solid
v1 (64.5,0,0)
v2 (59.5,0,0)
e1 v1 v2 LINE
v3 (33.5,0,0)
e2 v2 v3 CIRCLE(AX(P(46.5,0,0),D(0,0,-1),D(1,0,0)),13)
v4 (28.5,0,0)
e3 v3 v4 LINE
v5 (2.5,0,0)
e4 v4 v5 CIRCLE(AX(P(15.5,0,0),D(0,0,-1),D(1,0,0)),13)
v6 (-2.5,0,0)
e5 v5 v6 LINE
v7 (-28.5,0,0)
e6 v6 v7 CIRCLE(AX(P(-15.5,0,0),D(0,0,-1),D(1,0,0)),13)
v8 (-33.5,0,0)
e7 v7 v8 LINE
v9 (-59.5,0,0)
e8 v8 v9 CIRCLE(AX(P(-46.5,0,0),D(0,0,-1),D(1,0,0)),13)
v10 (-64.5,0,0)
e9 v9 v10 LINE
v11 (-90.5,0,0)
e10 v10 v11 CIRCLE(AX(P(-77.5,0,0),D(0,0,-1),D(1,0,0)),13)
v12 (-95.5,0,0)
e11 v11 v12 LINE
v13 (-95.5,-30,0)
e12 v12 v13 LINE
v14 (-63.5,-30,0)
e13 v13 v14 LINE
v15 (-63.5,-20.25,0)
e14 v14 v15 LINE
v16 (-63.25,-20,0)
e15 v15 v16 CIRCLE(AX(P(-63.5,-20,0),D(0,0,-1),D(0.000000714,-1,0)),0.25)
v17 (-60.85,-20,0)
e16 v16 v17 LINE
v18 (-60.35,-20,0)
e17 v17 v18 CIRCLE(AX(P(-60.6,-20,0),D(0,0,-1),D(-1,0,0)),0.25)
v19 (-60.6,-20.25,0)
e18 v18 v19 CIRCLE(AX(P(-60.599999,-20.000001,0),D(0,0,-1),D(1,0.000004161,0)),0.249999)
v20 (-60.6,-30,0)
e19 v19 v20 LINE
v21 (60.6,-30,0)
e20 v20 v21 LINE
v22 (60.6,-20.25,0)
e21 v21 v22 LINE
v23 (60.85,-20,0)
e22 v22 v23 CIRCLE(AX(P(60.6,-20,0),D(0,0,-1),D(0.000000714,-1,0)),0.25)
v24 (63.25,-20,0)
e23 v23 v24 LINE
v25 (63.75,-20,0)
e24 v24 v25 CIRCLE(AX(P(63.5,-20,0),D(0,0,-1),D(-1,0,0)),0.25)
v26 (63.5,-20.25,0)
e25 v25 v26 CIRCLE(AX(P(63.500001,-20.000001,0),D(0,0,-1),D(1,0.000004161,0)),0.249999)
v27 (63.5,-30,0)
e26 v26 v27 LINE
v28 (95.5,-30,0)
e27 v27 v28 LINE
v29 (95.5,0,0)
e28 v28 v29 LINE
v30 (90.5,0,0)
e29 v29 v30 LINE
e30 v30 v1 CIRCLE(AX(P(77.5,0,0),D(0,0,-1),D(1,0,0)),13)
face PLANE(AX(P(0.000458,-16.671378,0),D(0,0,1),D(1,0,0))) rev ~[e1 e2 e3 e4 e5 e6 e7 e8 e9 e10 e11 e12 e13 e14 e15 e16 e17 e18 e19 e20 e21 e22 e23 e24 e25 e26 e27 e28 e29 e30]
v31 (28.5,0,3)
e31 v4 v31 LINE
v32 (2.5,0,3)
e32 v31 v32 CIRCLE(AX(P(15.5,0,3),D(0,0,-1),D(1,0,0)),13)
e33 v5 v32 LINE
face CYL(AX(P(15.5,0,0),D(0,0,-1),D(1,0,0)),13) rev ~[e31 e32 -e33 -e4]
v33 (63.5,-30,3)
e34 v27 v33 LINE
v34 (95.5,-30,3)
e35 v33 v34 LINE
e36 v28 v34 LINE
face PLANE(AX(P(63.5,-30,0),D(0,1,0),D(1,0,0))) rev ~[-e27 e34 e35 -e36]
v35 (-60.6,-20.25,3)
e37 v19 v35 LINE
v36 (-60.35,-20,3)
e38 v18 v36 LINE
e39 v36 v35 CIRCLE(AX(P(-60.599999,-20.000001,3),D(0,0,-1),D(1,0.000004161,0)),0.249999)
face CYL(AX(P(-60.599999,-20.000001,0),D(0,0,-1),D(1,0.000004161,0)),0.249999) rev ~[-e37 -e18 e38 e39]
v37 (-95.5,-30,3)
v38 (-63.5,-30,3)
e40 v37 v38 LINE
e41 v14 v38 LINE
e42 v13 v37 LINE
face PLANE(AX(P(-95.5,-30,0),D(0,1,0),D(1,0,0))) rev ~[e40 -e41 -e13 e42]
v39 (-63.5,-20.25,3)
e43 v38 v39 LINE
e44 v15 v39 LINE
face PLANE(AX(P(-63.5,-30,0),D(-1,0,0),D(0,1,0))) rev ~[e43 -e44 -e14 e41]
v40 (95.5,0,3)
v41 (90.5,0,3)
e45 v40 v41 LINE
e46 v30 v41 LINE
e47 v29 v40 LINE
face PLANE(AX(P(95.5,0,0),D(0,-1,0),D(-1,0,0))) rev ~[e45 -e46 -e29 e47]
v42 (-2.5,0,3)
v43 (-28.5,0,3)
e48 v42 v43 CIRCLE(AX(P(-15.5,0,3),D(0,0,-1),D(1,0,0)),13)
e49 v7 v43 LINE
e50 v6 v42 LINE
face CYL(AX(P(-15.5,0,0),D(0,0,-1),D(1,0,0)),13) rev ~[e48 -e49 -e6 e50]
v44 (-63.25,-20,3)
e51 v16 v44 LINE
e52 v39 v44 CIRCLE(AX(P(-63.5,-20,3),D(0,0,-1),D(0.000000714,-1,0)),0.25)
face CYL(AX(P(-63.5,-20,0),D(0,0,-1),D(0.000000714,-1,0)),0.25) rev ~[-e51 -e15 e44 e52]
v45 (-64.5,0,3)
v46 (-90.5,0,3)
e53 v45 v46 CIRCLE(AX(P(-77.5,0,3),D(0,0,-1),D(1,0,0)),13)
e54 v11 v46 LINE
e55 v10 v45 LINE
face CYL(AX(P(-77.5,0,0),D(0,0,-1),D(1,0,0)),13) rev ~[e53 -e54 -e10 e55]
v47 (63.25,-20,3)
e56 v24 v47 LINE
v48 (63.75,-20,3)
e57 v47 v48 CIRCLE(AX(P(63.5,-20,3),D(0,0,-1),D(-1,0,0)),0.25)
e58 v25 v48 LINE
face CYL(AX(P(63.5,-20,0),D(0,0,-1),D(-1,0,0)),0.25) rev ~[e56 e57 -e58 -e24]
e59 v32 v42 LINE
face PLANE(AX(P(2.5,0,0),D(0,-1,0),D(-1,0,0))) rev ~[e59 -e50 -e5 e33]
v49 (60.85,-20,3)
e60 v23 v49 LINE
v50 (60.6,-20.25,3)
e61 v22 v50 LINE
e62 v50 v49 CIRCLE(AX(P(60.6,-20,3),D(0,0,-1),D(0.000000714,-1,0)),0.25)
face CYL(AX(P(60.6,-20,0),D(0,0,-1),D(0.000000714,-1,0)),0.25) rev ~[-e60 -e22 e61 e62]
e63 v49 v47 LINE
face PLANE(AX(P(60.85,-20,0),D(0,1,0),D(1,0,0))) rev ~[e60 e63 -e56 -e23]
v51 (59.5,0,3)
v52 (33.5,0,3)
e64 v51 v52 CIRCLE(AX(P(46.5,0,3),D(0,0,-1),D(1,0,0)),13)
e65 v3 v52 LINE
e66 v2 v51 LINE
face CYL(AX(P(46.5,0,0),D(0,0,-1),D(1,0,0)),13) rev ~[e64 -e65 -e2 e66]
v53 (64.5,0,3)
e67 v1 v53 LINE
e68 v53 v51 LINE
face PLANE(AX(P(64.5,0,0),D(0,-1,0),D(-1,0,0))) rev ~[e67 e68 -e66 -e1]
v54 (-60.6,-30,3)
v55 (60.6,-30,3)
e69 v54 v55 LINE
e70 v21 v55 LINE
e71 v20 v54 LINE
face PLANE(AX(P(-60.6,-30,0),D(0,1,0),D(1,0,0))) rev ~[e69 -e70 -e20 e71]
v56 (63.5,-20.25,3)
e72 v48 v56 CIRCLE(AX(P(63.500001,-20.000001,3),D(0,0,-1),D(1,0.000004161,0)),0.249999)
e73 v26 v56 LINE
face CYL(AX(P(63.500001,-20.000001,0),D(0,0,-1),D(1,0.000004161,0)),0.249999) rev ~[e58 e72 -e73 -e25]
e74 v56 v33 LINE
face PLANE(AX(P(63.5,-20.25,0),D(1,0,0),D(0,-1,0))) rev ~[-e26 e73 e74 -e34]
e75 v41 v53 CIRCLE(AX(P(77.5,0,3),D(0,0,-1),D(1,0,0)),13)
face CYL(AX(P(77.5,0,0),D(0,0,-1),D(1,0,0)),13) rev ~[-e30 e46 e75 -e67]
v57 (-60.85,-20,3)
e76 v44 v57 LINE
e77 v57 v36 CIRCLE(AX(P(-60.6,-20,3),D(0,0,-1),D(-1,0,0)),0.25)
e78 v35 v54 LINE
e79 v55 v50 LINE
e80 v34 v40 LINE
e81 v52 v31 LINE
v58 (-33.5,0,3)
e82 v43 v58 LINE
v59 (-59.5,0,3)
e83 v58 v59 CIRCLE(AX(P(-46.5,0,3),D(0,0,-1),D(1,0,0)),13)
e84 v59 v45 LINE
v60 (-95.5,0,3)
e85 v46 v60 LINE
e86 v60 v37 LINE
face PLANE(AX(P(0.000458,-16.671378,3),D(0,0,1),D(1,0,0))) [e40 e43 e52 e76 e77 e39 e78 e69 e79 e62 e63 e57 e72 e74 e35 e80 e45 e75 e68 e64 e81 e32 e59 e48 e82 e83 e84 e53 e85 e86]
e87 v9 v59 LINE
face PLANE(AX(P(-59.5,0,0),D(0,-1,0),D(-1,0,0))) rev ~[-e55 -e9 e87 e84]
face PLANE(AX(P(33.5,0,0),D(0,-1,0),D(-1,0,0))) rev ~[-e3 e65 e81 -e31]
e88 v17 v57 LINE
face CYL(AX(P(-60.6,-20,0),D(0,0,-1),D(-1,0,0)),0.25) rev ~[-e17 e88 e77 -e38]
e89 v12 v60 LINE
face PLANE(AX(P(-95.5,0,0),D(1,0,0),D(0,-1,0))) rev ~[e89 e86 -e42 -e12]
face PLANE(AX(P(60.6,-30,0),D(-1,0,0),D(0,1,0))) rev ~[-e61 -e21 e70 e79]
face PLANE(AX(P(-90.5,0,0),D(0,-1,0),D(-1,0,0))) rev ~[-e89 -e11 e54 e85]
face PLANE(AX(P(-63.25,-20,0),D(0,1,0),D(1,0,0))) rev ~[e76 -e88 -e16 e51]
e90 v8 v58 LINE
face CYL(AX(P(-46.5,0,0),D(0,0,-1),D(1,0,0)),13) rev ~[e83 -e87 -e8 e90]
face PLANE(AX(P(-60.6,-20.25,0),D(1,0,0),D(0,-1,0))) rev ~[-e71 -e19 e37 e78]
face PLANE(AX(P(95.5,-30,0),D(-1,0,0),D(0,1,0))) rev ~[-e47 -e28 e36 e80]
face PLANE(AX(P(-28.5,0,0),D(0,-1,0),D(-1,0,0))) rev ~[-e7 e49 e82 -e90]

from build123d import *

# Parameters (mm, degrees)
F1_DEPTH = 3


with BuildPart() as f1:
    # F0 (on Top) → F1 (new body)
    with BuildSketch(Plane.XY):
        with BuildLine():
            Line((95.5, 0), (90.5, 0))
            ThreePointArc((90.5, 0), (77.5, -13), (64.5, 0))
            Line((64.5, 0), (59.5, 0))
            ThreePointArc((59.5, 0), (46.5, -13), (33.5, 0))
            Line((33.5, 0), (28.5, 0))
            ThreePointArc((28.5, 0), (15.5, -13), (2.5, 0))
            Line((2.5, 0), (-2.5, 0))
            ThreePointArc((-2.5, 0), (-15.5, -13), (-28.5, 0))
            Line((-28.5, 0), (-33.5, 0))
            ThreePointArc((-33.5, 0), (-46.5, -13), (-59.5, 0))
            Line((-59.5, 0), (-64.5, 0))
            ThreePointArc((-64.5, 0), (-77.5, -13), (-90.5, 0))
            Line((-90.5, 0), (-95.5, 0))
            Line((-95.5, 0), (-95.5, -30))
            Line((-95.5, -30), (-63.5, -30))
            Line((-63.5, -30), (-63.5, -20.25))
            ThreePointArc((-63.5, -20.25), (-63.676777, -19.823223), (-63.25, -20))
            Line((-63.25, -20), (-60.85, -20))
            ThreePointArc((-60.85, -20), (-60.6, -19.75), (-60.35, -20))
            ThreePointArc((-60.35, -20), (-60.423223, -20.176777), (-60.6, -20.25))
            Line((-60.6, -20.25), (-60.6, -30))
            Line((-60.6, -30), (60.6, -30))
            Line((60.6, -30), (60.6, -20.25))
            ThreePointArc((60.6, -20.25), (60.423223, -19.823223), (60.85, -20))
            Line((60.85, -20), (63.25, -20))
            ThreePointArc((63.25, -20), (63.5, -19.75), (63.75, -20))
            ThreePointArc((63.75, -20), (63.676777, -20.176777), (63.5, -20.25))
            Line((63.5, -20.25), (63.5, -30))
            Line((63.5, -30), (95.5, -30))
            Line((95.5, -30), (95.5, 0))
        make_face()
    extrude(amount=F1_DEPTH)


solid = f1.part
